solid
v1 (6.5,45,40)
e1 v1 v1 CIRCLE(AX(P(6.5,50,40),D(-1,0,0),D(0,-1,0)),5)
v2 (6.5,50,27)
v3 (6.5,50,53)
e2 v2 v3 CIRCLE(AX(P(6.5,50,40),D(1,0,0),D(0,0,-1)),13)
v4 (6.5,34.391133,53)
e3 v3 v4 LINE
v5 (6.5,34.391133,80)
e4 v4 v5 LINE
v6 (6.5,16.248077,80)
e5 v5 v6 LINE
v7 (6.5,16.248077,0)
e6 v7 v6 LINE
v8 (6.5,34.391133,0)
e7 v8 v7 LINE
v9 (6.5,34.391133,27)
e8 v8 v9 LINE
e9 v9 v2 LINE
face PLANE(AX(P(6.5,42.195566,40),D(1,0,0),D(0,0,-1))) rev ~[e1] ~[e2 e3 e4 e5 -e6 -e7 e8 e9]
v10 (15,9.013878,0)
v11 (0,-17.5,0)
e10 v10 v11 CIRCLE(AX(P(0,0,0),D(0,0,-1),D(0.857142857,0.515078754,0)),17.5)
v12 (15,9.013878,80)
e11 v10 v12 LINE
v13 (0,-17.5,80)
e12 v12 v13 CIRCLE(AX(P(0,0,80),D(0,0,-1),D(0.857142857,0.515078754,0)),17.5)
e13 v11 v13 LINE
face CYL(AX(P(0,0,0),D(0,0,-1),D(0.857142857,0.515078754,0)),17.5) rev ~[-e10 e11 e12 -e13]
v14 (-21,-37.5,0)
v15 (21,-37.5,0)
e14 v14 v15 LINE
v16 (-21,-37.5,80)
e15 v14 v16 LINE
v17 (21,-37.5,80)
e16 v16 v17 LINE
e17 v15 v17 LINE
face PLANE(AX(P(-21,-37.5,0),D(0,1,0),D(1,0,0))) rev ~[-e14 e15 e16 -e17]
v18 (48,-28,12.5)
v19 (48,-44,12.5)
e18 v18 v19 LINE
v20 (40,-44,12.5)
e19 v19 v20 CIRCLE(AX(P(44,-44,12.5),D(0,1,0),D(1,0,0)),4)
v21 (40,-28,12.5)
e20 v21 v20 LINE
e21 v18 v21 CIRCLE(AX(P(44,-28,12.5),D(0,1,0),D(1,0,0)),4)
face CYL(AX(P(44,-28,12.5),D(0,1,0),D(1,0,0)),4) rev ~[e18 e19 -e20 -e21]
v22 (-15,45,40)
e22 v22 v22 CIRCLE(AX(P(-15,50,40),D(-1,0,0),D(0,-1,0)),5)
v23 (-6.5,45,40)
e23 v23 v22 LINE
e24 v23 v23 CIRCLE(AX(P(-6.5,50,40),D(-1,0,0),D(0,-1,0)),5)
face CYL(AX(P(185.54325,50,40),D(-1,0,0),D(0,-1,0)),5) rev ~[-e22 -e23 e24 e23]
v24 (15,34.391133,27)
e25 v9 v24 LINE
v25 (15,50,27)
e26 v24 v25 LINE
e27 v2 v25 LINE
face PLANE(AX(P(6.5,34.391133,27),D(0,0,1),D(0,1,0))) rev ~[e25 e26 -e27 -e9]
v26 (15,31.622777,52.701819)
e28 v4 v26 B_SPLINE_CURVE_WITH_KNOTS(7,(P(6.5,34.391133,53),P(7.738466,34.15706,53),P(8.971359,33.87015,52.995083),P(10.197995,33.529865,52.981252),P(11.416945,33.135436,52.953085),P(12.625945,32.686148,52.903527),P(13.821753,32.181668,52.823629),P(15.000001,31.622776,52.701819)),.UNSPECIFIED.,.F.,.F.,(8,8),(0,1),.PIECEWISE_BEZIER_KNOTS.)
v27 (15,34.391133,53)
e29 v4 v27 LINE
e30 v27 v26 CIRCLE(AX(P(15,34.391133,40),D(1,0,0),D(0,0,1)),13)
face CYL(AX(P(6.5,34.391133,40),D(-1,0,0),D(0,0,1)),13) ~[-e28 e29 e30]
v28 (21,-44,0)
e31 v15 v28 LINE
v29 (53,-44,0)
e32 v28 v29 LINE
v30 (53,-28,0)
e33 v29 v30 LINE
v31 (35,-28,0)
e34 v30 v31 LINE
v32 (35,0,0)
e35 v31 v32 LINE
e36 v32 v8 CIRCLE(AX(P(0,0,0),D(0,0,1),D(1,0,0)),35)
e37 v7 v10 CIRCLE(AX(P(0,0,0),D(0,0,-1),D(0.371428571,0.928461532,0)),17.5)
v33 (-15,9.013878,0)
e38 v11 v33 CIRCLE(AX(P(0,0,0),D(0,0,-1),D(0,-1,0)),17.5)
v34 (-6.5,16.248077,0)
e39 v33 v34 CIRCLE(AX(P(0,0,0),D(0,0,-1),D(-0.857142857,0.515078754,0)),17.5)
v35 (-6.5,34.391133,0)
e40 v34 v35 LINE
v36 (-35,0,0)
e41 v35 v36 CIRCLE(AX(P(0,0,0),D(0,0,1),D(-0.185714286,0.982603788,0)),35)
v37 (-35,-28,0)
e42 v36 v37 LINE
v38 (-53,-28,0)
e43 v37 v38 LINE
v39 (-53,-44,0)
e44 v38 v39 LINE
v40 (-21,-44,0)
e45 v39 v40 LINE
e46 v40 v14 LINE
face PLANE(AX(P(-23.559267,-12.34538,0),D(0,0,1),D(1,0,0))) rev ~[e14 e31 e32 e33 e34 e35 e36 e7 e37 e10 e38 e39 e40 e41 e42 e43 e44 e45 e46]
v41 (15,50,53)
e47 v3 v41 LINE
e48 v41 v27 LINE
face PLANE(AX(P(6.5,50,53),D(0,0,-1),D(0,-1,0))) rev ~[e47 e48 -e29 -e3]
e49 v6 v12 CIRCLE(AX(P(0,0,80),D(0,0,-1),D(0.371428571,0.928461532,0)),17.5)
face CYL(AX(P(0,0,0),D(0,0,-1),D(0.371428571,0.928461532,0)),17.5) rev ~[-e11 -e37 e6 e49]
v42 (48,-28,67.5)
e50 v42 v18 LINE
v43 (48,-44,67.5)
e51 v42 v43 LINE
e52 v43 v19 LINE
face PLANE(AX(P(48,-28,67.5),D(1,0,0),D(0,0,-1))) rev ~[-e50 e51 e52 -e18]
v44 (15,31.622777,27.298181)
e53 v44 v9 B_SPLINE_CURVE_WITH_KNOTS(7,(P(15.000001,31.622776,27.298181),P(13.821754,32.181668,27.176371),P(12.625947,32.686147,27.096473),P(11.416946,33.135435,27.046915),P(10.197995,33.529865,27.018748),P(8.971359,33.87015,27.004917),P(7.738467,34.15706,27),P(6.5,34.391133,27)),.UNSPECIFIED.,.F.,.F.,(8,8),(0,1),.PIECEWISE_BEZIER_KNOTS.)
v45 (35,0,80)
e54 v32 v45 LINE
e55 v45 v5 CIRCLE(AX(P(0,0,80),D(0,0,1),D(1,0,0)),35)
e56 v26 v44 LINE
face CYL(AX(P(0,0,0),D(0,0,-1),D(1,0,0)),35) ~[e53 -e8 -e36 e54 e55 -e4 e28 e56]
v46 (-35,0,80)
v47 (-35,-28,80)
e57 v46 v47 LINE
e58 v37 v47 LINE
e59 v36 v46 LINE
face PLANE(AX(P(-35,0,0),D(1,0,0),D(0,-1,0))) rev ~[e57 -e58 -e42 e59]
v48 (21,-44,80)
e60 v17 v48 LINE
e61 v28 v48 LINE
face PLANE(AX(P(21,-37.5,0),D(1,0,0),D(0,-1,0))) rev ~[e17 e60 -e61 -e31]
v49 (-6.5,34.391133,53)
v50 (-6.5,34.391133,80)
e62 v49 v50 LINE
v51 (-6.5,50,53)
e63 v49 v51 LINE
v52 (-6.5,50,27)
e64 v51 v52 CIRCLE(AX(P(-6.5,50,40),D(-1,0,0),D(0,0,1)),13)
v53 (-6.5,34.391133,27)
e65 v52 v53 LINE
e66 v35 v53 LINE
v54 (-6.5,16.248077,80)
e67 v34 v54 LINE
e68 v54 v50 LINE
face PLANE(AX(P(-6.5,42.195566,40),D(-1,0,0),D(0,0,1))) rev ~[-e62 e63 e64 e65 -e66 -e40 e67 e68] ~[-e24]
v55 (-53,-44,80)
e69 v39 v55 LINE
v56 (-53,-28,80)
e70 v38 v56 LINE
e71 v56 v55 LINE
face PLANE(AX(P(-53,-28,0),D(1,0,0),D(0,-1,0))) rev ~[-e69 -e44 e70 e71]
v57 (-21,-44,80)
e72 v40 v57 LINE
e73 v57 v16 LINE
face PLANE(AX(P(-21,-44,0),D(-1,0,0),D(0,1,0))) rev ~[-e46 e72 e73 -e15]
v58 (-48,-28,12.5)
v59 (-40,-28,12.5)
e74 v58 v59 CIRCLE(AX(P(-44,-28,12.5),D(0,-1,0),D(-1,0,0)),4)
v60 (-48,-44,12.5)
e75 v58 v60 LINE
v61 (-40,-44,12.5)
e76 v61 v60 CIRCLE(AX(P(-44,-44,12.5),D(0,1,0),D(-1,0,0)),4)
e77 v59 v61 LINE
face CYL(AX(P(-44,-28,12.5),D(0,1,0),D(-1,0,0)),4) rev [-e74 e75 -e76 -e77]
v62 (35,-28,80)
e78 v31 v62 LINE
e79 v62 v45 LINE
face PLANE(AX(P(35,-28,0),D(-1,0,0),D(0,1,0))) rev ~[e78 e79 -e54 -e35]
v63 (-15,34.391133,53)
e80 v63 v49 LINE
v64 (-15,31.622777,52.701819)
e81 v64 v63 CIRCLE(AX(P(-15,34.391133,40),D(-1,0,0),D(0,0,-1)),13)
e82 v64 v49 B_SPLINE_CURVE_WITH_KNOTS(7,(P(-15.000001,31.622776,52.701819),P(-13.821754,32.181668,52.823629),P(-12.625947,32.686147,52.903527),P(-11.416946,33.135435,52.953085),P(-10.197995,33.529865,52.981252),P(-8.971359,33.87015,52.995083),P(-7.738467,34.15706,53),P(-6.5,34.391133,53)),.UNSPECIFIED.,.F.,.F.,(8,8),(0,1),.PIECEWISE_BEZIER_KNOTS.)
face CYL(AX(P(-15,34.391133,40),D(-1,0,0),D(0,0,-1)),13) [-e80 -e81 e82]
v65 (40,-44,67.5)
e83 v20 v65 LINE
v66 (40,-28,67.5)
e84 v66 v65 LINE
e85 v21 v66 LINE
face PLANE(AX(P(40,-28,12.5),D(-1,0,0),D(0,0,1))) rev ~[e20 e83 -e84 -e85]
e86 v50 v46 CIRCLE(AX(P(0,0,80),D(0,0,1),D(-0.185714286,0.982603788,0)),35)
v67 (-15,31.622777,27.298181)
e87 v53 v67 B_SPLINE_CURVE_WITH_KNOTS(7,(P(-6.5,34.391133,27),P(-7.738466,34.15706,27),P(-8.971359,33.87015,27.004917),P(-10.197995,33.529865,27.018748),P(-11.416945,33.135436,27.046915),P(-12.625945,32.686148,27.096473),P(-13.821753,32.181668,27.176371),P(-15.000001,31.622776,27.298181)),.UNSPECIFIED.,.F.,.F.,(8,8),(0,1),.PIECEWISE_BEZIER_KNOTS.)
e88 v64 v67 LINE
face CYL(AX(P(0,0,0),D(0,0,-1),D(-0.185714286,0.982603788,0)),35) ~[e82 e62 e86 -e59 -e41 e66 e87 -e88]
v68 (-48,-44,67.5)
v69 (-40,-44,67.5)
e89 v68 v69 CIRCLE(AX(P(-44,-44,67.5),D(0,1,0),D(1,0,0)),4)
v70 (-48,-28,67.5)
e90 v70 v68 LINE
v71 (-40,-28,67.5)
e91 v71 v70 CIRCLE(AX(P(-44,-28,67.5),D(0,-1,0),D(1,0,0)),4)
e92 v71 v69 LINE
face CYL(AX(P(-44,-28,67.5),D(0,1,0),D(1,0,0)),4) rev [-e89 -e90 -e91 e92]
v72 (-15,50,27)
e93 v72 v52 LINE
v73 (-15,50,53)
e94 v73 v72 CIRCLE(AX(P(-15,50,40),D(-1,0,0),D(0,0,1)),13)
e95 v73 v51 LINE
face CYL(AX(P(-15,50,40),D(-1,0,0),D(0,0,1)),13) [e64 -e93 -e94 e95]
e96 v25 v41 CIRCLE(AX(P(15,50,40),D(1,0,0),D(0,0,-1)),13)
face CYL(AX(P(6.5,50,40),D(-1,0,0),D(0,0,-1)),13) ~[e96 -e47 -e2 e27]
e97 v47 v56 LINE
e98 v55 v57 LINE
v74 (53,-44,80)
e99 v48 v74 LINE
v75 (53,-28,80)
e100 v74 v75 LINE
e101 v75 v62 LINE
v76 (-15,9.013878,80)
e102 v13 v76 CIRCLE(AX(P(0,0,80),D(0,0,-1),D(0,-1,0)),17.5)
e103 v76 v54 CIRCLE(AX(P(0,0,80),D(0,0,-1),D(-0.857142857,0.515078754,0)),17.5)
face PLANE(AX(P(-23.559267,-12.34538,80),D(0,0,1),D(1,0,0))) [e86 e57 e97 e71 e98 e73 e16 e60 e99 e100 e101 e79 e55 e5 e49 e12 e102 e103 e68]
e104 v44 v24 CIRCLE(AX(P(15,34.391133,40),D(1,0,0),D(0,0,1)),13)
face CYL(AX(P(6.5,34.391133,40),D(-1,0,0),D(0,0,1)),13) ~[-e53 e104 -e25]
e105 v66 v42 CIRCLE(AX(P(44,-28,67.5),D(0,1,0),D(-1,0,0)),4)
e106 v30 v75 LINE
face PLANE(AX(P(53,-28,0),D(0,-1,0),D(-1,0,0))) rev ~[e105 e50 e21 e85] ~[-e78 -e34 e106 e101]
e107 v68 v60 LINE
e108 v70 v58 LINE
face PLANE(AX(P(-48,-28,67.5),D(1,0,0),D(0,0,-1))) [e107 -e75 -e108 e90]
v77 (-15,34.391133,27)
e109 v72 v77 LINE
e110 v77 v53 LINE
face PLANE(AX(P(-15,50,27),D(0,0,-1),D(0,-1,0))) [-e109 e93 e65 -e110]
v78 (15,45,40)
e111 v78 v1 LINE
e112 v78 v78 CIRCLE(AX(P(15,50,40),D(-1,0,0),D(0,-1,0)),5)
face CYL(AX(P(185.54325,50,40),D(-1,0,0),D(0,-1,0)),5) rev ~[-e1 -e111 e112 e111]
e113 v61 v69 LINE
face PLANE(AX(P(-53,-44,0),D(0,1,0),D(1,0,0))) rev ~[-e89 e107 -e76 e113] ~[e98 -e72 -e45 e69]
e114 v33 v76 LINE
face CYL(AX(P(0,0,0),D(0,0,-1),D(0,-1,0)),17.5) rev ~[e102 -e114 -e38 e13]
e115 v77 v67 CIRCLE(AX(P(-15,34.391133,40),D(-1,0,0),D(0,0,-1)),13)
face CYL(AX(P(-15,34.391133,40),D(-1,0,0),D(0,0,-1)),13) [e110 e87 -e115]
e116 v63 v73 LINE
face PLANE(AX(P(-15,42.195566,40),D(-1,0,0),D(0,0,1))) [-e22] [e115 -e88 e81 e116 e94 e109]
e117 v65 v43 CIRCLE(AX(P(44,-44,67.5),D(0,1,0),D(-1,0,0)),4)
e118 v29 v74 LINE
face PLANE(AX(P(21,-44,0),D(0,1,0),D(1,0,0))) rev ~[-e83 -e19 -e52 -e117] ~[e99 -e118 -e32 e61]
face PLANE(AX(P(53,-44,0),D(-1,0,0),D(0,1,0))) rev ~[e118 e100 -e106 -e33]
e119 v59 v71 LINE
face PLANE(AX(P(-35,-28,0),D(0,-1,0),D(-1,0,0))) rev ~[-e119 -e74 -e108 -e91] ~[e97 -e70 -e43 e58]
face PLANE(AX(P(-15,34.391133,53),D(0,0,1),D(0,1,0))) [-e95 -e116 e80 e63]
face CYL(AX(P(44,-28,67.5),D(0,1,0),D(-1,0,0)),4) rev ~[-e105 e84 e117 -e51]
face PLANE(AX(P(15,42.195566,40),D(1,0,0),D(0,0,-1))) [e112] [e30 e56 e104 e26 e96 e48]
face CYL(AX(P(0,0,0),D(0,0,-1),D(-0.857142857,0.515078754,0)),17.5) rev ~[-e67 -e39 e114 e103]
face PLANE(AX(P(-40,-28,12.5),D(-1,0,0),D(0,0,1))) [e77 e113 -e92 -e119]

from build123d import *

# Parameters (mm, degrees)
BOSS_EXTRUDE1_DEPTH        = 80
BOSS_EXTRUDE3_DEPTH        = 8.5
BOSS_EXTRUDE4_START        = -8.5
BOSS_EXTRUDE4_DEPTH        = 8.5
F_10_0_10_DIAMETER_HOLE1_D = 10
CUT_EXTRUDE1_DEPTH         = 133.249763765


with BuildPart() as part:
    # Sketch2 → Boss-Extrude1 (new body)
    with BuildSketch(Plane.XY):
        with BuildLine():
            Line((-21, -37.5), (0, -37.5))
            Line((0, -37.5), (0, -17.5))
            ThreePointArc((0, -17.5), (-15.231429157, -8.617050879), (-15, 9.013878189))
            ThreePointArc((-15, 9.013878189), (-11.342217923, 13.326818547), (-6.5, 16.248076809))
            Line((-6.5, 16.248076809), (-6.5, 34.391132578))
            ThreePointArc((-6.5, 34.391132578), (-26.949025956, 22.332711434), (-35, 0))
            Line((-35, 0), (-35, -28))
            Line((-35, -28), (-53, -28))
            Line((-53, -28), (-53, -44))
            Line((-53, -44), (-21, -44))
            Line((-21, -44), (-21, -37.5))
        make_face()
        with BuildLine():
            Line((0, -17.5), (0, -37.5))
            Line((0, -37.5), (21, -37.5))
            Line((21, -37.5), (21, -44))
            Line((21, -44), (53, -44))
            Line((53, -44), (53, -28))
            Line((53, -28), (35, -28))
            Line((35, -28), (35, 0))
            ThreePointArc((35, 0), (26.949025956, 22.332711434), (6.5, 34.391132578))
            Line((6.5, 34.391132578), (6.5, 16.248076809))
            ThreePointArc((6.5, 16.248076809), (11.342217923, 13.326818547), (15, 9.013878189))
            ThreePointArc((15, 9.013878189), (15.231429157, -8.617050879), (0, -17.5))
        make_face()
    extrude(amount=BOSS_EXTRUDE1_DEPTH)

    # Sketch5 → Boss-Extrude3 (add)
    with BuildSketch(Plane.ZY.offset(-6.5)):
        with BuildLine():
            Line((27, 34.391132578), (27, 50))
            ThreePointArc((27, 50), (40, 63), (53, 50))
            Line((53, 50), (53, 34.391132578))
            ThreePointArc((53, 34.391132578), (40, 21.391132578), (27, 34.391132578))
        make_face()
    extrude(amount=-BOSS_EXTRUDE3_DEPTH)

    # Sketch3 → Boss-Extrude4 (add)
    with BuildSketch(Plane(origin=(-6.5, 0, 0), x_dir=(0, 0, -1), z_dir=(1, 0, 0)).offset(BOSS_EXTRUDE4_START)):
        with BuildLine():
            Line((-53, 34.391132578), (-53, 50))
            ThreePointArc((-53, 50), (-40, 63), (-27, 50))
            Line((-27, 50), (-27, 34.391132578))
            ThreePointArc((-27, 34.391132578), (-40, 21.391132578), (-53, 34.391132578))
        make_face()
    extrude(amount=BOSS_EXTRUDE4_DEPTH)

    # Ø10.0 (10) Diameter Hole1 (through all)
    with Locations(Plane(origin=(15, 50, 40), x_dir=(0, 1, 0), z_dir=(1, 0, 0))):
        with Locations((0, 0)):
            Hole(F_10_0_10_DIAMETER_HOLE1_D / 2)

    # Sketch7 → Cut-Extrude1 (cut, through all)
    with BuildSketch(Plane(origin=(0, -28, 0), x_dir=(1, 0, 0), z_dir=(0, 1, 0))):
        with BuildLine():
            Line((-40, -12.5), (-40, -67.5))
            ThreePointArc((-40, -67.5), (-44, -71.5), (-48, -67.5))
            Line((-48, -67.5), (-48, -12.5))
            ThreePointArc((-48, -12.5), (-44, -8.5), (-40, -12.5))
        make_face()
        with BuildLine():
            Line((40, -12.5), (40, -67.5))
            ThreePointArc((40, -67.5), (44, -71.5), (48, -67.5))
            Line((48, -67.5), (48, -12.5))
            ThreePointArc((48, -12.5), (44, -8.5), (40, -12.5))
        make_face()
    extrude(amount=-CUT_EXTRUDE1_DEPTH, mode=Mode.SUBTRACT)


solid = part.part
